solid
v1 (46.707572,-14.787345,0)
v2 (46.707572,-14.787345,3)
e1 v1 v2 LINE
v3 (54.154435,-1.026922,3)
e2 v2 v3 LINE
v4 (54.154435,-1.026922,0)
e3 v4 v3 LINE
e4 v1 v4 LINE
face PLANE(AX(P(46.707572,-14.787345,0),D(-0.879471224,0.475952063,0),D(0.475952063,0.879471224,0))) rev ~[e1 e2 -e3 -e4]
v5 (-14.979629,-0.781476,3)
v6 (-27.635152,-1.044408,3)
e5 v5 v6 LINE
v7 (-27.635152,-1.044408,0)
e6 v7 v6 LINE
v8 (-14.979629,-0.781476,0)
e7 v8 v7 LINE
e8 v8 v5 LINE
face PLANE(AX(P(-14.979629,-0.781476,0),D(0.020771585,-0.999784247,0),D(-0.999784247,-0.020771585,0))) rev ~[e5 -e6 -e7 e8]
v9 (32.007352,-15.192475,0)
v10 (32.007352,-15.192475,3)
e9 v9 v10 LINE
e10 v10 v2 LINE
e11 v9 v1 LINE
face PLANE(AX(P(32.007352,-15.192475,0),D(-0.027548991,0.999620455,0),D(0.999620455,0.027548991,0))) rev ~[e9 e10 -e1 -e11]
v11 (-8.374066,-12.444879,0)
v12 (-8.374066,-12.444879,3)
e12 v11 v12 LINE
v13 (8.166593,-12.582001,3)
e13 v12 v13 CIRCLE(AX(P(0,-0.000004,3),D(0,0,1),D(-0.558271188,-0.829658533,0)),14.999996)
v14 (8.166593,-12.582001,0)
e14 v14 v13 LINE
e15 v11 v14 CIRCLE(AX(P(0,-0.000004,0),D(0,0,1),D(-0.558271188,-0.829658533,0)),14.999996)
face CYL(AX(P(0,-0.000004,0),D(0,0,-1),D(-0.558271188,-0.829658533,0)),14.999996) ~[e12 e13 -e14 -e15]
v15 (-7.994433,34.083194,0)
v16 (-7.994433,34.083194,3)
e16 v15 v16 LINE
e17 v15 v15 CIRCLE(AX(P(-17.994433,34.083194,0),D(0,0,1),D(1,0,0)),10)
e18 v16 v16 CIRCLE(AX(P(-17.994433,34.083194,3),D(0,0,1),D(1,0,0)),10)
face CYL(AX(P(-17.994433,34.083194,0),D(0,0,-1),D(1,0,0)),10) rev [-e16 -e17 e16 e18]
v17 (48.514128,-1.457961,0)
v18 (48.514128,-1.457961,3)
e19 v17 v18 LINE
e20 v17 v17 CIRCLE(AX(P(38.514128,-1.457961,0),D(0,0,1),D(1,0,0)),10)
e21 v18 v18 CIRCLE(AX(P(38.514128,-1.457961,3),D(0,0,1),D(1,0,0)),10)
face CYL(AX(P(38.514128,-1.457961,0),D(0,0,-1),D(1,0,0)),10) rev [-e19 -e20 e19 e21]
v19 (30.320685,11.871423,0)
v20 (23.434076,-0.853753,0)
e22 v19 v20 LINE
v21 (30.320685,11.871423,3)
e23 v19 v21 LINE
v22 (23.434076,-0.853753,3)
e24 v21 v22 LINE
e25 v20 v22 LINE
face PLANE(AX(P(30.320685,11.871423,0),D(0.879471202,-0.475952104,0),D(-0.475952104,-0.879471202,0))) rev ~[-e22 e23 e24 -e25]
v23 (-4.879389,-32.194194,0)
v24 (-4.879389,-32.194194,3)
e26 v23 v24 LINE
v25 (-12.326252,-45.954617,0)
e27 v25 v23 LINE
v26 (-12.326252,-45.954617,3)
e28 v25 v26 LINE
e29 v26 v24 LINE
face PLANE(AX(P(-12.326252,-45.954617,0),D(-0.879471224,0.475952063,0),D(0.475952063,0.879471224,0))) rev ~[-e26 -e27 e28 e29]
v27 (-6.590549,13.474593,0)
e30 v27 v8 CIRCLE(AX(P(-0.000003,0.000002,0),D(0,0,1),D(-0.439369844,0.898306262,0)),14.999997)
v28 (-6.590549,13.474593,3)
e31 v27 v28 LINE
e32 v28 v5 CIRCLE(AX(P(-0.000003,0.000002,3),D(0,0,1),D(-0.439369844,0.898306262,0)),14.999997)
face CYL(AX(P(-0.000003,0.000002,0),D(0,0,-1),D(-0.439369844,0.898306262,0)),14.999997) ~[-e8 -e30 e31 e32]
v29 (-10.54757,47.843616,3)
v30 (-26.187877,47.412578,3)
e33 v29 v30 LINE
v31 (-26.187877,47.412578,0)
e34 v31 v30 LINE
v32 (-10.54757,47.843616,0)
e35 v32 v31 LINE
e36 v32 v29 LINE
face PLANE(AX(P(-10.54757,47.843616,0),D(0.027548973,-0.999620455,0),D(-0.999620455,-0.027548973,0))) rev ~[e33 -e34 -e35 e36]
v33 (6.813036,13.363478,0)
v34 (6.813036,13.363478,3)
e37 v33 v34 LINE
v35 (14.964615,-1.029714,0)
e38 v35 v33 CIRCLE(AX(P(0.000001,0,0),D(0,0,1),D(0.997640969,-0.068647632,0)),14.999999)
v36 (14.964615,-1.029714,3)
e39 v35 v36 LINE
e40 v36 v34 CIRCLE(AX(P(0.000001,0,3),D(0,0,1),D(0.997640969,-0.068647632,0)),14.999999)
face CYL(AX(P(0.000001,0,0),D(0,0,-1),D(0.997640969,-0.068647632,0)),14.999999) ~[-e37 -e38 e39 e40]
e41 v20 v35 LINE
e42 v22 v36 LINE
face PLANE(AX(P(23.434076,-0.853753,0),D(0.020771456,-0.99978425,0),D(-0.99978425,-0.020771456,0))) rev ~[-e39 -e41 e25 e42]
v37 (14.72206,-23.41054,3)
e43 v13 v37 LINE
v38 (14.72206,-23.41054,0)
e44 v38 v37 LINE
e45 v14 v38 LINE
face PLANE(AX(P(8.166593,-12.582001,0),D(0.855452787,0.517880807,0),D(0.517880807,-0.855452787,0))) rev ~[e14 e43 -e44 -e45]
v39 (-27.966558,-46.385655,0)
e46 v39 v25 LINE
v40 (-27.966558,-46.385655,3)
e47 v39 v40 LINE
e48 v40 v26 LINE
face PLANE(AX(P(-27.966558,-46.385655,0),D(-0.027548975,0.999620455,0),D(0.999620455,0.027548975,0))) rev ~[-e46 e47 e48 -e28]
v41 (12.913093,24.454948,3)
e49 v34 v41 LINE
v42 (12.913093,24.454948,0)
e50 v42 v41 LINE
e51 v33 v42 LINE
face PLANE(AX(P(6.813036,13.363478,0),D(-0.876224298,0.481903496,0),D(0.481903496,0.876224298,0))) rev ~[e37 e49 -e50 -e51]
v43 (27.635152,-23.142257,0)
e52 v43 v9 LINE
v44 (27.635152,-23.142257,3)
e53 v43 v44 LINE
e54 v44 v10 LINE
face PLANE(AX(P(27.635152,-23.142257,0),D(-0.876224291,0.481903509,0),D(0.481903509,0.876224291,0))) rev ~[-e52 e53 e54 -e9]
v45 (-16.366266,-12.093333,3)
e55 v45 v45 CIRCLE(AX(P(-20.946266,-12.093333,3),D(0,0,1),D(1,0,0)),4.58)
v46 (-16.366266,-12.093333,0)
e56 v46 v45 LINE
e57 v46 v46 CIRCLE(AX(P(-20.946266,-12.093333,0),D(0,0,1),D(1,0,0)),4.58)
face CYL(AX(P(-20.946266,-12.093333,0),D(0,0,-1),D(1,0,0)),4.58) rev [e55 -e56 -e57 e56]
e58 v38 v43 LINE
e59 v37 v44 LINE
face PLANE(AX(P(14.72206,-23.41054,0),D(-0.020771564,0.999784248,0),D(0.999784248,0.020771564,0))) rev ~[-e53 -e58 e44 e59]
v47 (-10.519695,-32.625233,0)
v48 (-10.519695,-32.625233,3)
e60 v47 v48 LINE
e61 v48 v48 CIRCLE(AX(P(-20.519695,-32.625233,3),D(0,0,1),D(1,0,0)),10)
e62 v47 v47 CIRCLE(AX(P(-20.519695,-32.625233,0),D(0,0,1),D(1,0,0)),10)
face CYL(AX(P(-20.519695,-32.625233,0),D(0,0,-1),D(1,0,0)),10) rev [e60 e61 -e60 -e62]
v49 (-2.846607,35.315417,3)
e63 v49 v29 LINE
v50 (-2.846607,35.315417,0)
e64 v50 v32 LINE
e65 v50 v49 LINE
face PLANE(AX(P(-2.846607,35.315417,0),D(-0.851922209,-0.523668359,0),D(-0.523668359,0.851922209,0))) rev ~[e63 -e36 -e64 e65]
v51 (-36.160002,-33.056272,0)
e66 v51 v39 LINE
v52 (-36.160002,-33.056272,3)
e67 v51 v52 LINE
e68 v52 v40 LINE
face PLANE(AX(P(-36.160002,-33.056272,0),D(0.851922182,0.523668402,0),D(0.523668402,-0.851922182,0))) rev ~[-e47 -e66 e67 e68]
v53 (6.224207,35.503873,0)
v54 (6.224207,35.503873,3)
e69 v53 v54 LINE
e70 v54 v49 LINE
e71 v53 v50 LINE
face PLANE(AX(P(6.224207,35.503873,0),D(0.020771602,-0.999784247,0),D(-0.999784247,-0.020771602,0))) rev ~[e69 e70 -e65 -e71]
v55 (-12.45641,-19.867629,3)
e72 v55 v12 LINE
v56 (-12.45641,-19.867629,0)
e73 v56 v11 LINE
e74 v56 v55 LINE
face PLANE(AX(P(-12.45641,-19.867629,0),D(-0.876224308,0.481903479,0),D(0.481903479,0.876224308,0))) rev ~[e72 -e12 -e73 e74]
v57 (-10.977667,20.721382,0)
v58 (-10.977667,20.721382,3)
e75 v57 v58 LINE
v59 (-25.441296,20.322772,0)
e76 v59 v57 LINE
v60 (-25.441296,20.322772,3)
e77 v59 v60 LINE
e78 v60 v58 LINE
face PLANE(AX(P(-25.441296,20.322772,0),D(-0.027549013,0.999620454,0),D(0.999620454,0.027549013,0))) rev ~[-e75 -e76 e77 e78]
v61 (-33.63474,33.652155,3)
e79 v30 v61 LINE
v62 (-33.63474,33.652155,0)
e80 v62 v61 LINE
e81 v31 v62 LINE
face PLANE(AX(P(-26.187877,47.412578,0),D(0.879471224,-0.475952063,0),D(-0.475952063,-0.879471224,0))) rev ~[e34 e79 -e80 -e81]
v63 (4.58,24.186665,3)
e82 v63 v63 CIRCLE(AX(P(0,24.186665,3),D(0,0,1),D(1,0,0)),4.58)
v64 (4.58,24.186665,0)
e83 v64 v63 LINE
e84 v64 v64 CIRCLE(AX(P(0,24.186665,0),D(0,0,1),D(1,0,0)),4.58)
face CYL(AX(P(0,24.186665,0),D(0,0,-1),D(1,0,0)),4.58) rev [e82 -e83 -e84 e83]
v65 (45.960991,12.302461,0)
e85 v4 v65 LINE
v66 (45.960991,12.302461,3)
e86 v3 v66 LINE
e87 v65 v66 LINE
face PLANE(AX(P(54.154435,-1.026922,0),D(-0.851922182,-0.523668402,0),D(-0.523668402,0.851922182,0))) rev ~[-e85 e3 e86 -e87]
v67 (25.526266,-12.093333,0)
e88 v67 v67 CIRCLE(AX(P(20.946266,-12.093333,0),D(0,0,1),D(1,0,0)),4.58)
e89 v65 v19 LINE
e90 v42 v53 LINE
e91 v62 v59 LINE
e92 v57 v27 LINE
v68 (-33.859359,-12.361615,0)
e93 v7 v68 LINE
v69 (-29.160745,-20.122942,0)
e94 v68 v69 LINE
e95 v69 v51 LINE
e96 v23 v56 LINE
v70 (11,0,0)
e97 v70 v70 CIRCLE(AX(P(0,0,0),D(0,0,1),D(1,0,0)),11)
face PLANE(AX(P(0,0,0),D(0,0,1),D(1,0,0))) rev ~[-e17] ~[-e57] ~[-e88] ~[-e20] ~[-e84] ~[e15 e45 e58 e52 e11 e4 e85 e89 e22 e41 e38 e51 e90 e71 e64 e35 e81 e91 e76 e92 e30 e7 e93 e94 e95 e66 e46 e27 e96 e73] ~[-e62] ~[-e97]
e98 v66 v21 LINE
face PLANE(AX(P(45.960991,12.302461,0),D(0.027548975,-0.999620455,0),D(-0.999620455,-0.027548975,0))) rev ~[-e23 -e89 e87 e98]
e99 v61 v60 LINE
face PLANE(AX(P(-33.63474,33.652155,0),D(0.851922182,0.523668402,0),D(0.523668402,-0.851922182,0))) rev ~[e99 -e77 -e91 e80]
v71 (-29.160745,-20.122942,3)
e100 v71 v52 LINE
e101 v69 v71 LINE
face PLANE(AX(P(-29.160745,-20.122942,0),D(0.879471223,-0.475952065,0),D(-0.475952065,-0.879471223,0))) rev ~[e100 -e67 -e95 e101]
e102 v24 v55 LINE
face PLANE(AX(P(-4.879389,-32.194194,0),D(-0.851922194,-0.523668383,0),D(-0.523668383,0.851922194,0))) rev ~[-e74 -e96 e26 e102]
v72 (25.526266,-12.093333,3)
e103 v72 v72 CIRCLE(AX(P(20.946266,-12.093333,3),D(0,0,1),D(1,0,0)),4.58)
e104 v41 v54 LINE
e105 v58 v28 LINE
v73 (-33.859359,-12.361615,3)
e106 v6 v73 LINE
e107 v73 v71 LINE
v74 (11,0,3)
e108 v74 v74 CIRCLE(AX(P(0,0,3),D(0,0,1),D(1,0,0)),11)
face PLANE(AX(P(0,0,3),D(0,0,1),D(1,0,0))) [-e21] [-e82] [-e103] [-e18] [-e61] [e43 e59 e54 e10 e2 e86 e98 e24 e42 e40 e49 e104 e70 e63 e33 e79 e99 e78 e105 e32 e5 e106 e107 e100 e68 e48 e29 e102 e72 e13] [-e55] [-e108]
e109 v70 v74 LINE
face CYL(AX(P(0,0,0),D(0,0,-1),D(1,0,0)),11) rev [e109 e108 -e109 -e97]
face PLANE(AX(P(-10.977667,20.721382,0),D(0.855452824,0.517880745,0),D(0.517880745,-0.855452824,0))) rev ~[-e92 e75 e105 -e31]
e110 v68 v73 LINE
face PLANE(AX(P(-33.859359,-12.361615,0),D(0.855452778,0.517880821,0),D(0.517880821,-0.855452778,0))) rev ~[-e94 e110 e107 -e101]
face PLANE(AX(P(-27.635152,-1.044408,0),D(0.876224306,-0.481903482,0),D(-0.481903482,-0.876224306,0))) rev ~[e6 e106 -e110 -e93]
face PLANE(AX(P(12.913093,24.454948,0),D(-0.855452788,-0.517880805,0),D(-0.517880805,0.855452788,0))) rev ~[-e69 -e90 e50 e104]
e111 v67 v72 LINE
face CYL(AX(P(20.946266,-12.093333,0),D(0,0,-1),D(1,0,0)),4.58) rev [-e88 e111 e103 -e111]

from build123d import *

# Parameters (mm, degrees)
F0_R     = 10
F0_R_2   = 4.58
F0_R_3   = 11
F1_DEPTH = 3


with BuildPart() as f1:
    # F0 (on Top) → F1 (new body)
    with BuildSketch(Plane.XY):
        with BuildLine():
            Line((-10.977667, 20.721382), (-6.590549, 13.474593))
            ThreePointArc((-6.590549, 13.474593), (-12.927762, 7.607429), (-14.979629, -0.781476))
            Line((-14.979629, -0.781476), (-27.635152, -1.044408))
            Line((-27.635152, -1.044408), (-33.859359, -12.361615))
            Line((-33.859359, -12.361615), (-29.160745, -20.122942))
            Line((-29.160745, -20.122942), (-36.160002, -33.056272))
            Line((-36.160002, -33.056272), (-27.966558, -46.385655))
            Line((-27.966558, -46.385655), (-12.326252, -45.954617))
            Line((-12.326252, -45.954617), (-4.879389, -32.194194))
            Line((-4.879389, -32.194194), (-12.45641, -19.867629))
            Line((-12.45641, -19.867629), (-8.374066, -12.444879))
            ThreePointArc((-8.374066, -12.444879), (-0.124346, -14.999485), (8.166593, -12.582001))
            Line((8.166593, -12.582001), (14.72206, -23.41054))
            Line((14.72206, -23.41054), (27.635152, -23.142257))
            Line((27.635152, -23.142257), (32.007352, -15.192475))
            Line((32.007352, -15.192475), (46.707572, -14.787345))
            Line((46.707572, -14.787345), (54.154435, -1.026922))
            Line((54.154435, -1.026922), (45.960991, 12.302461))
            Line((45.960991, 12.302461), (30.320685, 11.871423))
            Line((30.320685, 11.871423), (23.434076, -0.853753))
            Line((23.434076, -0.853753), (14.964615, -1.029714))
            ThreePointArc((14.964615, -1.029714), (13.052108, 7.392056), (6.813036, 13.363478))
            Line((6.813036, 13.363478), (12.913093, 24.454948))
            Line((12.913093, 24.454948), (6.224207, 35.503873))
            Line((6.224207, 35.503873), (-2.846607, 35.315417))
            Line((-2.846607, 35.315417), (-10.54757, 47.843616))
            Line((-10.54757, 47.843616), (-26.187877, 47.412578))
            Line((-26.187877, 47.412578), (-33.63474, 33.652155))
            Line((-33.63474, 33.652155), (-25.441296, 20.322772))
            Line((-25.441296, 20.322772), (-10.977667, 20.721382))
        make_face()
        with Locations((-20.519695, -32.625233)):
            Circle(F0_R, mode=Mode.SUBTRACT)
        with Locations((-20.946266, -12.093333)):
            Circle(F0_R_2, mode=Mode.SUBTRACT)
        Circle(F0_R_3, mode=Mode.SUBTRACT)
        with Locations((20.946266, -12.093333)):
            Circle(F0_R_2, mode=Mode.SUBTRACT)
        with Locations((38.514128, -1.457961)):
            Circle(F0_R, mode=Mode.SUBTRACT)
        with Locations((0, 24.186665)):
            Circle(F0_R_2, mode=Mode.SUBTRACT)
        with Locations((-17.994433, 34.083194)):
            Circle(F0_R, mode=Mode.SUBTRACT)
    extrude(amount=F1_DEPTH)


solid = f1.part
